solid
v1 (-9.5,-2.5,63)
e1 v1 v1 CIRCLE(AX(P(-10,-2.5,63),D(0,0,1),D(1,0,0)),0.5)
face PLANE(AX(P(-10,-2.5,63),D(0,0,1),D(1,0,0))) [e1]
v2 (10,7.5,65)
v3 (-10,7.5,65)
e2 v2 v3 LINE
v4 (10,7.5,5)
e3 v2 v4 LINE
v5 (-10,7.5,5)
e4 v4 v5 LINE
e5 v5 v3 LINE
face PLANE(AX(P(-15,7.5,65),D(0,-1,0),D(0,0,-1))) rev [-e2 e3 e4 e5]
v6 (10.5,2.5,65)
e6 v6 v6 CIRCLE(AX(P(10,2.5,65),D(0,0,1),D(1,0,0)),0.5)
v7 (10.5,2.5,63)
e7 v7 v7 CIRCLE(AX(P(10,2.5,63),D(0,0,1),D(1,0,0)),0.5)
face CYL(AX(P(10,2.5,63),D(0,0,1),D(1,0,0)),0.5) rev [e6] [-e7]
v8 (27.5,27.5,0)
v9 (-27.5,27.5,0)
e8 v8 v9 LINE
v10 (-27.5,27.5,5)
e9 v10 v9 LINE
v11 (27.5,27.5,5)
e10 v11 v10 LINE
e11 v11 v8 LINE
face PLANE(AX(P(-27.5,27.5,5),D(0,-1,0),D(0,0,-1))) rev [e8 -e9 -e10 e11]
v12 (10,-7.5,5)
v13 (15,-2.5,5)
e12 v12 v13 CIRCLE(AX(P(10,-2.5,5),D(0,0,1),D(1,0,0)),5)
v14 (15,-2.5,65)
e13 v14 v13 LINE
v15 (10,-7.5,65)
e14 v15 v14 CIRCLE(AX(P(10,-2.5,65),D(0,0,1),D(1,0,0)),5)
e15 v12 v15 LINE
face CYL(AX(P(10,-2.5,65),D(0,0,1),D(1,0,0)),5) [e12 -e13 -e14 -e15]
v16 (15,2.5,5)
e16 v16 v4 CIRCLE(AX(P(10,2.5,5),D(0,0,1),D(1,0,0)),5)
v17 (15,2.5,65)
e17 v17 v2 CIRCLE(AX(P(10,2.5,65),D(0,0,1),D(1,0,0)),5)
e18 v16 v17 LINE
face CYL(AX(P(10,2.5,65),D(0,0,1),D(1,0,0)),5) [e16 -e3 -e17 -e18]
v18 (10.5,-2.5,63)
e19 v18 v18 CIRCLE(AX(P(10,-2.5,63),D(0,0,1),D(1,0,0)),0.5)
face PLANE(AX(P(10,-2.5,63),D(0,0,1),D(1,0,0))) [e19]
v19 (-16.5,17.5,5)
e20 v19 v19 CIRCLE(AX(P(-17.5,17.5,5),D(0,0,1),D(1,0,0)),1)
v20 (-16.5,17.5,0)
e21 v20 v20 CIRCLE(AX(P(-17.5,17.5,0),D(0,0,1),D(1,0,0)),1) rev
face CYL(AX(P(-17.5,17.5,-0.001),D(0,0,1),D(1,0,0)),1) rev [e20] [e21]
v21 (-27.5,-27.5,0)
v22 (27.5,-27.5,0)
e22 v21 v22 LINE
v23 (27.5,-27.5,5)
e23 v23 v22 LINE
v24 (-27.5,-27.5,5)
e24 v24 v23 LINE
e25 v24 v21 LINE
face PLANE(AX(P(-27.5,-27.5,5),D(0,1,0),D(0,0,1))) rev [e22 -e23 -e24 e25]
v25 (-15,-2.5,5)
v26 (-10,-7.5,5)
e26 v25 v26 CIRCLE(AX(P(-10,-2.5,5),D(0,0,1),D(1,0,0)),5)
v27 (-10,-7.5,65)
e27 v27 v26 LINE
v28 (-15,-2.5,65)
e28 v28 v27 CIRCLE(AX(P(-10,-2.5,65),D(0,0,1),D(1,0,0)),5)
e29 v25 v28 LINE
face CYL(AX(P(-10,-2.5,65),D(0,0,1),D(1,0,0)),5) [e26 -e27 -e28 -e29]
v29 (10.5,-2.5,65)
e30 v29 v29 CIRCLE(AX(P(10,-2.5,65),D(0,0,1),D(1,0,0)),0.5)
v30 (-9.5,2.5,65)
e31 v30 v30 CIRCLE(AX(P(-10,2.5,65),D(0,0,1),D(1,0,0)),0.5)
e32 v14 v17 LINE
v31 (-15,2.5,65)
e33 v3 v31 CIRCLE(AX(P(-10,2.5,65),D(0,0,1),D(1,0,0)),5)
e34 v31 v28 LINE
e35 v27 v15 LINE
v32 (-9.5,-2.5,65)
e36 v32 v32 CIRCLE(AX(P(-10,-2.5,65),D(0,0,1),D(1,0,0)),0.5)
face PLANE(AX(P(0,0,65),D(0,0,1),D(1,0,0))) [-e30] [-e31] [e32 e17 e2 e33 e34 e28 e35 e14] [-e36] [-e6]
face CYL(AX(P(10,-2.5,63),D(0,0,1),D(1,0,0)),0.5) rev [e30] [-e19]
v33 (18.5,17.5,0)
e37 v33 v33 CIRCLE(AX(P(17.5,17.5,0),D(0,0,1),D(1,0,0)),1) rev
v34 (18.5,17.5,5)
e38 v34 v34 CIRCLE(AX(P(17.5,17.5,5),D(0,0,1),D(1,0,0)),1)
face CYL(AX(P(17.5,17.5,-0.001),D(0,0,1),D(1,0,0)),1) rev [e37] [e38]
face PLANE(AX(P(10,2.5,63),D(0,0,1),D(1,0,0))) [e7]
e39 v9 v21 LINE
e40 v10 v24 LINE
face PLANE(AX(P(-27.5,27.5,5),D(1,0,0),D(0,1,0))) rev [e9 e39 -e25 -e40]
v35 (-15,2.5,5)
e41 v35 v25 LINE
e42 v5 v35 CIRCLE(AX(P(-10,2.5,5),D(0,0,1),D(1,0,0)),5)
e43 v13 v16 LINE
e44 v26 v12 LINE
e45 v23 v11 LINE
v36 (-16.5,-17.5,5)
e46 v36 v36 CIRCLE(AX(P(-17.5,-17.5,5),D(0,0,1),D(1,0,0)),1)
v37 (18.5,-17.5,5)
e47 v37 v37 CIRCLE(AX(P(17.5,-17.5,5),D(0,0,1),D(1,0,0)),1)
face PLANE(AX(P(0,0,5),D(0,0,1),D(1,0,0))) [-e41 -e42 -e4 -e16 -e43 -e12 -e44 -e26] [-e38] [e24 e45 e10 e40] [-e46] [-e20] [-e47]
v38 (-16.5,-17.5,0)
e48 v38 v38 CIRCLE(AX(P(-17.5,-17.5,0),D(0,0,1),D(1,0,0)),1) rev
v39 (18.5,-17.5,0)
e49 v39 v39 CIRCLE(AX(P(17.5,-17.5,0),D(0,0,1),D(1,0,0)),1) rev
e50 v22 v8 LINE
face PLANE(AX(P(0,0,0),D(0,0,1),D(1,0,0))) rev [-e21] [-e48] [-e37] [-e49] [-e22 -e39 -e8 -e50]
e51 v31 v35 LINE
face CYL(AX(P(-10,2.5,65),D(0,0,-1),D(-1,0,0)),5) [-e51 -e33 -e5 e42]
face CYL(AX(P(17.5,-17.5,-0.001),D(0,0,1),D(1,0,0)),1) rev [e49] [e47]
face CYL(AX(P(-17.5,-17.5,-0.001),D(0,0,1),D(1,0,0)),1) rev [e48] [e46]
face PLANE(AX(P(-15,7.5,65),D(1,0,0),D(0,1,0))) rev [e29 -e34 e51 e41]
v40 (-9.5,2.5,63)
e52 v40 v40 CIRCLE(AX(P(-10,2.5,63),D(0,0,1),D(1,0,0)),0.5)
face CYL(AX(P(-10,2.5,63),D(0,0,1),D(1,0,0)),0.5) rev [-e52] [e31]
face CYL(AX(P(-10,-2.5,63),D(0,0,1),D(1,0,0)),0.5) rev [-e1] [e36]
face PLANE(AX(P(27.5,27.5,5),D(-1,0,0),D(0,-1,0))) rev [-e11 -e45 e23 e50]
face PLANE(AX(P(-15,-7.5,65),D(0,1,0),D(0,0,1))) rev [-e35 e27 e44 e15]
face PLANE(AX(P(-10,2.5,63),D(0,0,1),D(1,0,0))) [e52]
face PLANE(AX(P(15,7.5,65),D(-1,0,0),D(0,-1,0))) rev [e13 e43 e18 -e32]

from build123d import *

# Parameters (mm, degrees)
ESQUISSE1_W             = 55
ESQUISSE1_H             = 55
BOSS_EXTRU_1_DEPTH      = 5
ESQUISSE2_W             = 30
ESQUISSE2_H             = 15
BOSS_EXTRU_2_DEPTH      = 60
CONG_2_R                = 5
CONG_3_R                = 5
CONG_4_R                = 5
CONG_5_R                = 5
ENL_V_MAT_EXTRU_1_REACH = 7
ESQUISSE3_R             = 1
ESQUISSE4_R             = 0.5
ENL_V_MAT_EXTRU_2_DEPTH = 2


with BuildPart() as part:
    # Esquisse1 → Boss.-Extru.1 (new body)
    with BuildSketch(Plane.XY):
        Rectangle(ESQUISSE1_W, ESQUISSE1_H)
    extrude(amount=BOSS_EXTRU_1_DEPTH)

    # Esquisse2 → Boss.-Extru.2 (add)
    with BuildSketch(Plane.XY.offset(5)):
        Rectangle(ESQUISSE2_W, ESQUISSE2_H)
    extrude(amount=BOSS_EXTRU_2_DEPTH)

    # Congé2
    cong_2_edges = [part.edges().sort_by_distance(p)[0] for p in [
        (-15, -7.5, 35),
    ]]
    fillet(cong_2_edges, radius=CONG_2_R)

    # Congé3
    cong_3_edges = [part.edges().sort_by_distance(p)[0] for p in [
        (15, 7.5, 35),
    ]]
    fillet(cong_3_edges, radius=CONG_3_R)

    # Congé4
    cong_4_edges = [part.edges().sort_by_distance(p)[0] for p in [
        (15, -7.5, 35),
    ]]
    fillet(cong_4_edges, radius=CONG_4_R)

    # Congé5
    cong_5_edges = [part.edges().sort_by_distance(p)[0] for p in [
        (-15, 7.5, 35),
    ]]
    fillet(cong_5_edges, radius=CONG_5_R)

    # Esquisse3 → Enlèv. mat.-Extru.1 (cut, up to next)
    with BuildSketch(Plane.XY.offset(5), mode=Mode.PRIVATE) as enl_v_mat_extru_1_sk1:
        with Locations((17.5, 17.5)):
            Circle(ESQUISSE3_R)
    enl_v_mat_extru_1_tool1 = extrude(enl_v_mat_extru_1_sk1.sketch, amount=-ENL_V_MAT_EXTRU_1_REACH, mode=Mode.PRIVATE) & part.part
    add(enl_v_mat_extru_1_tool1.solids().sort_by_distance((17.5, 17.5, 5))[0], mode=Mode.SUBTRACT)
    # Esquisse3 → Enlèv. mat.-Extru.1 (cut, up to next)
    with BuildSketch(Plane.XY.offset(5), mode=Mode.PRIVATE) as enl_v_mat_extru_1_sk2:
        with Locations((-17.5, 17.5)):
            Circle(ESQUISSE3_R)
    enl_v_mat_extru_1_tool2 = extrude(enl_v_mat_extru_1_sk2.sketch, amount=-ENL_V_MAT_EXTRU_1_REACH, mode=Mode.PRIVATE) & part.part
    add(enl_v_mat_extru_1_tool2.solids().sort_by_distance((-17.5, 17.5, 5))[0], mode=Mode.SUBTRACT)
    # Esquisse3 → Enlèv. mat.-Extru.1 (cut, up to next)
    with BuildSketch(Plane.XY.offset(5), mode=Mode.PRIVATE) as enl_v_mat_extru_1_sk3:
        with Locations((-17.5, -17.5)):
            Circle(ESQUISSE3_R)
    enl_v_mat_extru_1_tool3 = extrude(enl_v_mat_extru_1_sk3.sketch, amount=-ENL_V_MAT_EXTRU_1_REACH, mode=Mode.PRIVATE) & part.part
    add(enl_v_mat_extru_1_tool3.solids().sort_by_distance((-17.5, -17.5, 5))[0], mode=Mode.SUBTRACT)
    # Esquisse3 → Enlèv. mat.-Extru.1 (cut, up to next)
    with BuildSketch(Plane.XY.offset(5), mode=Mode.PRIVATE) as enl_v_mat_extru_1_sk4:
        with Locations((17.5, -17.5)):
            Circle(ESQUISSE3_R)
    enl_v_mat_extru_1_tool4 = extrude(enl_v_mat_extru_1_sk4.sketch, amount=-ENL_V_MAT_EXTRU_1_REACH, mode=Mode.PRIVATE) & part.part
    add(enl_v_mat_extru_1_tool4.solids().sort_by_distance((17.5, -17.5, 5))[0], mode=Mode.SUBTRACT)

    # Esquisse4 → Enlèv. mat.-Extru.2 (cut)
    with BuildSketch(Plane.XY.offset(65)):
        with Locations((10, -2.5)):
            Circle(ESQUISSE4_R)
        with Locations((10, 2.5)):
            Circle(ESQUISSE4_R)
        with Locations((-10, 2.5)):
            Circle(ESQUISSE4_R)
        with Locations((-10, -2.5)):
            Circle(ESQUISSE4_R)
    extrude(amount=-ENL_V_MAT_EXTRU_2_DEPTH, mode=Mode.SUBTRACT)


solid = part.part
